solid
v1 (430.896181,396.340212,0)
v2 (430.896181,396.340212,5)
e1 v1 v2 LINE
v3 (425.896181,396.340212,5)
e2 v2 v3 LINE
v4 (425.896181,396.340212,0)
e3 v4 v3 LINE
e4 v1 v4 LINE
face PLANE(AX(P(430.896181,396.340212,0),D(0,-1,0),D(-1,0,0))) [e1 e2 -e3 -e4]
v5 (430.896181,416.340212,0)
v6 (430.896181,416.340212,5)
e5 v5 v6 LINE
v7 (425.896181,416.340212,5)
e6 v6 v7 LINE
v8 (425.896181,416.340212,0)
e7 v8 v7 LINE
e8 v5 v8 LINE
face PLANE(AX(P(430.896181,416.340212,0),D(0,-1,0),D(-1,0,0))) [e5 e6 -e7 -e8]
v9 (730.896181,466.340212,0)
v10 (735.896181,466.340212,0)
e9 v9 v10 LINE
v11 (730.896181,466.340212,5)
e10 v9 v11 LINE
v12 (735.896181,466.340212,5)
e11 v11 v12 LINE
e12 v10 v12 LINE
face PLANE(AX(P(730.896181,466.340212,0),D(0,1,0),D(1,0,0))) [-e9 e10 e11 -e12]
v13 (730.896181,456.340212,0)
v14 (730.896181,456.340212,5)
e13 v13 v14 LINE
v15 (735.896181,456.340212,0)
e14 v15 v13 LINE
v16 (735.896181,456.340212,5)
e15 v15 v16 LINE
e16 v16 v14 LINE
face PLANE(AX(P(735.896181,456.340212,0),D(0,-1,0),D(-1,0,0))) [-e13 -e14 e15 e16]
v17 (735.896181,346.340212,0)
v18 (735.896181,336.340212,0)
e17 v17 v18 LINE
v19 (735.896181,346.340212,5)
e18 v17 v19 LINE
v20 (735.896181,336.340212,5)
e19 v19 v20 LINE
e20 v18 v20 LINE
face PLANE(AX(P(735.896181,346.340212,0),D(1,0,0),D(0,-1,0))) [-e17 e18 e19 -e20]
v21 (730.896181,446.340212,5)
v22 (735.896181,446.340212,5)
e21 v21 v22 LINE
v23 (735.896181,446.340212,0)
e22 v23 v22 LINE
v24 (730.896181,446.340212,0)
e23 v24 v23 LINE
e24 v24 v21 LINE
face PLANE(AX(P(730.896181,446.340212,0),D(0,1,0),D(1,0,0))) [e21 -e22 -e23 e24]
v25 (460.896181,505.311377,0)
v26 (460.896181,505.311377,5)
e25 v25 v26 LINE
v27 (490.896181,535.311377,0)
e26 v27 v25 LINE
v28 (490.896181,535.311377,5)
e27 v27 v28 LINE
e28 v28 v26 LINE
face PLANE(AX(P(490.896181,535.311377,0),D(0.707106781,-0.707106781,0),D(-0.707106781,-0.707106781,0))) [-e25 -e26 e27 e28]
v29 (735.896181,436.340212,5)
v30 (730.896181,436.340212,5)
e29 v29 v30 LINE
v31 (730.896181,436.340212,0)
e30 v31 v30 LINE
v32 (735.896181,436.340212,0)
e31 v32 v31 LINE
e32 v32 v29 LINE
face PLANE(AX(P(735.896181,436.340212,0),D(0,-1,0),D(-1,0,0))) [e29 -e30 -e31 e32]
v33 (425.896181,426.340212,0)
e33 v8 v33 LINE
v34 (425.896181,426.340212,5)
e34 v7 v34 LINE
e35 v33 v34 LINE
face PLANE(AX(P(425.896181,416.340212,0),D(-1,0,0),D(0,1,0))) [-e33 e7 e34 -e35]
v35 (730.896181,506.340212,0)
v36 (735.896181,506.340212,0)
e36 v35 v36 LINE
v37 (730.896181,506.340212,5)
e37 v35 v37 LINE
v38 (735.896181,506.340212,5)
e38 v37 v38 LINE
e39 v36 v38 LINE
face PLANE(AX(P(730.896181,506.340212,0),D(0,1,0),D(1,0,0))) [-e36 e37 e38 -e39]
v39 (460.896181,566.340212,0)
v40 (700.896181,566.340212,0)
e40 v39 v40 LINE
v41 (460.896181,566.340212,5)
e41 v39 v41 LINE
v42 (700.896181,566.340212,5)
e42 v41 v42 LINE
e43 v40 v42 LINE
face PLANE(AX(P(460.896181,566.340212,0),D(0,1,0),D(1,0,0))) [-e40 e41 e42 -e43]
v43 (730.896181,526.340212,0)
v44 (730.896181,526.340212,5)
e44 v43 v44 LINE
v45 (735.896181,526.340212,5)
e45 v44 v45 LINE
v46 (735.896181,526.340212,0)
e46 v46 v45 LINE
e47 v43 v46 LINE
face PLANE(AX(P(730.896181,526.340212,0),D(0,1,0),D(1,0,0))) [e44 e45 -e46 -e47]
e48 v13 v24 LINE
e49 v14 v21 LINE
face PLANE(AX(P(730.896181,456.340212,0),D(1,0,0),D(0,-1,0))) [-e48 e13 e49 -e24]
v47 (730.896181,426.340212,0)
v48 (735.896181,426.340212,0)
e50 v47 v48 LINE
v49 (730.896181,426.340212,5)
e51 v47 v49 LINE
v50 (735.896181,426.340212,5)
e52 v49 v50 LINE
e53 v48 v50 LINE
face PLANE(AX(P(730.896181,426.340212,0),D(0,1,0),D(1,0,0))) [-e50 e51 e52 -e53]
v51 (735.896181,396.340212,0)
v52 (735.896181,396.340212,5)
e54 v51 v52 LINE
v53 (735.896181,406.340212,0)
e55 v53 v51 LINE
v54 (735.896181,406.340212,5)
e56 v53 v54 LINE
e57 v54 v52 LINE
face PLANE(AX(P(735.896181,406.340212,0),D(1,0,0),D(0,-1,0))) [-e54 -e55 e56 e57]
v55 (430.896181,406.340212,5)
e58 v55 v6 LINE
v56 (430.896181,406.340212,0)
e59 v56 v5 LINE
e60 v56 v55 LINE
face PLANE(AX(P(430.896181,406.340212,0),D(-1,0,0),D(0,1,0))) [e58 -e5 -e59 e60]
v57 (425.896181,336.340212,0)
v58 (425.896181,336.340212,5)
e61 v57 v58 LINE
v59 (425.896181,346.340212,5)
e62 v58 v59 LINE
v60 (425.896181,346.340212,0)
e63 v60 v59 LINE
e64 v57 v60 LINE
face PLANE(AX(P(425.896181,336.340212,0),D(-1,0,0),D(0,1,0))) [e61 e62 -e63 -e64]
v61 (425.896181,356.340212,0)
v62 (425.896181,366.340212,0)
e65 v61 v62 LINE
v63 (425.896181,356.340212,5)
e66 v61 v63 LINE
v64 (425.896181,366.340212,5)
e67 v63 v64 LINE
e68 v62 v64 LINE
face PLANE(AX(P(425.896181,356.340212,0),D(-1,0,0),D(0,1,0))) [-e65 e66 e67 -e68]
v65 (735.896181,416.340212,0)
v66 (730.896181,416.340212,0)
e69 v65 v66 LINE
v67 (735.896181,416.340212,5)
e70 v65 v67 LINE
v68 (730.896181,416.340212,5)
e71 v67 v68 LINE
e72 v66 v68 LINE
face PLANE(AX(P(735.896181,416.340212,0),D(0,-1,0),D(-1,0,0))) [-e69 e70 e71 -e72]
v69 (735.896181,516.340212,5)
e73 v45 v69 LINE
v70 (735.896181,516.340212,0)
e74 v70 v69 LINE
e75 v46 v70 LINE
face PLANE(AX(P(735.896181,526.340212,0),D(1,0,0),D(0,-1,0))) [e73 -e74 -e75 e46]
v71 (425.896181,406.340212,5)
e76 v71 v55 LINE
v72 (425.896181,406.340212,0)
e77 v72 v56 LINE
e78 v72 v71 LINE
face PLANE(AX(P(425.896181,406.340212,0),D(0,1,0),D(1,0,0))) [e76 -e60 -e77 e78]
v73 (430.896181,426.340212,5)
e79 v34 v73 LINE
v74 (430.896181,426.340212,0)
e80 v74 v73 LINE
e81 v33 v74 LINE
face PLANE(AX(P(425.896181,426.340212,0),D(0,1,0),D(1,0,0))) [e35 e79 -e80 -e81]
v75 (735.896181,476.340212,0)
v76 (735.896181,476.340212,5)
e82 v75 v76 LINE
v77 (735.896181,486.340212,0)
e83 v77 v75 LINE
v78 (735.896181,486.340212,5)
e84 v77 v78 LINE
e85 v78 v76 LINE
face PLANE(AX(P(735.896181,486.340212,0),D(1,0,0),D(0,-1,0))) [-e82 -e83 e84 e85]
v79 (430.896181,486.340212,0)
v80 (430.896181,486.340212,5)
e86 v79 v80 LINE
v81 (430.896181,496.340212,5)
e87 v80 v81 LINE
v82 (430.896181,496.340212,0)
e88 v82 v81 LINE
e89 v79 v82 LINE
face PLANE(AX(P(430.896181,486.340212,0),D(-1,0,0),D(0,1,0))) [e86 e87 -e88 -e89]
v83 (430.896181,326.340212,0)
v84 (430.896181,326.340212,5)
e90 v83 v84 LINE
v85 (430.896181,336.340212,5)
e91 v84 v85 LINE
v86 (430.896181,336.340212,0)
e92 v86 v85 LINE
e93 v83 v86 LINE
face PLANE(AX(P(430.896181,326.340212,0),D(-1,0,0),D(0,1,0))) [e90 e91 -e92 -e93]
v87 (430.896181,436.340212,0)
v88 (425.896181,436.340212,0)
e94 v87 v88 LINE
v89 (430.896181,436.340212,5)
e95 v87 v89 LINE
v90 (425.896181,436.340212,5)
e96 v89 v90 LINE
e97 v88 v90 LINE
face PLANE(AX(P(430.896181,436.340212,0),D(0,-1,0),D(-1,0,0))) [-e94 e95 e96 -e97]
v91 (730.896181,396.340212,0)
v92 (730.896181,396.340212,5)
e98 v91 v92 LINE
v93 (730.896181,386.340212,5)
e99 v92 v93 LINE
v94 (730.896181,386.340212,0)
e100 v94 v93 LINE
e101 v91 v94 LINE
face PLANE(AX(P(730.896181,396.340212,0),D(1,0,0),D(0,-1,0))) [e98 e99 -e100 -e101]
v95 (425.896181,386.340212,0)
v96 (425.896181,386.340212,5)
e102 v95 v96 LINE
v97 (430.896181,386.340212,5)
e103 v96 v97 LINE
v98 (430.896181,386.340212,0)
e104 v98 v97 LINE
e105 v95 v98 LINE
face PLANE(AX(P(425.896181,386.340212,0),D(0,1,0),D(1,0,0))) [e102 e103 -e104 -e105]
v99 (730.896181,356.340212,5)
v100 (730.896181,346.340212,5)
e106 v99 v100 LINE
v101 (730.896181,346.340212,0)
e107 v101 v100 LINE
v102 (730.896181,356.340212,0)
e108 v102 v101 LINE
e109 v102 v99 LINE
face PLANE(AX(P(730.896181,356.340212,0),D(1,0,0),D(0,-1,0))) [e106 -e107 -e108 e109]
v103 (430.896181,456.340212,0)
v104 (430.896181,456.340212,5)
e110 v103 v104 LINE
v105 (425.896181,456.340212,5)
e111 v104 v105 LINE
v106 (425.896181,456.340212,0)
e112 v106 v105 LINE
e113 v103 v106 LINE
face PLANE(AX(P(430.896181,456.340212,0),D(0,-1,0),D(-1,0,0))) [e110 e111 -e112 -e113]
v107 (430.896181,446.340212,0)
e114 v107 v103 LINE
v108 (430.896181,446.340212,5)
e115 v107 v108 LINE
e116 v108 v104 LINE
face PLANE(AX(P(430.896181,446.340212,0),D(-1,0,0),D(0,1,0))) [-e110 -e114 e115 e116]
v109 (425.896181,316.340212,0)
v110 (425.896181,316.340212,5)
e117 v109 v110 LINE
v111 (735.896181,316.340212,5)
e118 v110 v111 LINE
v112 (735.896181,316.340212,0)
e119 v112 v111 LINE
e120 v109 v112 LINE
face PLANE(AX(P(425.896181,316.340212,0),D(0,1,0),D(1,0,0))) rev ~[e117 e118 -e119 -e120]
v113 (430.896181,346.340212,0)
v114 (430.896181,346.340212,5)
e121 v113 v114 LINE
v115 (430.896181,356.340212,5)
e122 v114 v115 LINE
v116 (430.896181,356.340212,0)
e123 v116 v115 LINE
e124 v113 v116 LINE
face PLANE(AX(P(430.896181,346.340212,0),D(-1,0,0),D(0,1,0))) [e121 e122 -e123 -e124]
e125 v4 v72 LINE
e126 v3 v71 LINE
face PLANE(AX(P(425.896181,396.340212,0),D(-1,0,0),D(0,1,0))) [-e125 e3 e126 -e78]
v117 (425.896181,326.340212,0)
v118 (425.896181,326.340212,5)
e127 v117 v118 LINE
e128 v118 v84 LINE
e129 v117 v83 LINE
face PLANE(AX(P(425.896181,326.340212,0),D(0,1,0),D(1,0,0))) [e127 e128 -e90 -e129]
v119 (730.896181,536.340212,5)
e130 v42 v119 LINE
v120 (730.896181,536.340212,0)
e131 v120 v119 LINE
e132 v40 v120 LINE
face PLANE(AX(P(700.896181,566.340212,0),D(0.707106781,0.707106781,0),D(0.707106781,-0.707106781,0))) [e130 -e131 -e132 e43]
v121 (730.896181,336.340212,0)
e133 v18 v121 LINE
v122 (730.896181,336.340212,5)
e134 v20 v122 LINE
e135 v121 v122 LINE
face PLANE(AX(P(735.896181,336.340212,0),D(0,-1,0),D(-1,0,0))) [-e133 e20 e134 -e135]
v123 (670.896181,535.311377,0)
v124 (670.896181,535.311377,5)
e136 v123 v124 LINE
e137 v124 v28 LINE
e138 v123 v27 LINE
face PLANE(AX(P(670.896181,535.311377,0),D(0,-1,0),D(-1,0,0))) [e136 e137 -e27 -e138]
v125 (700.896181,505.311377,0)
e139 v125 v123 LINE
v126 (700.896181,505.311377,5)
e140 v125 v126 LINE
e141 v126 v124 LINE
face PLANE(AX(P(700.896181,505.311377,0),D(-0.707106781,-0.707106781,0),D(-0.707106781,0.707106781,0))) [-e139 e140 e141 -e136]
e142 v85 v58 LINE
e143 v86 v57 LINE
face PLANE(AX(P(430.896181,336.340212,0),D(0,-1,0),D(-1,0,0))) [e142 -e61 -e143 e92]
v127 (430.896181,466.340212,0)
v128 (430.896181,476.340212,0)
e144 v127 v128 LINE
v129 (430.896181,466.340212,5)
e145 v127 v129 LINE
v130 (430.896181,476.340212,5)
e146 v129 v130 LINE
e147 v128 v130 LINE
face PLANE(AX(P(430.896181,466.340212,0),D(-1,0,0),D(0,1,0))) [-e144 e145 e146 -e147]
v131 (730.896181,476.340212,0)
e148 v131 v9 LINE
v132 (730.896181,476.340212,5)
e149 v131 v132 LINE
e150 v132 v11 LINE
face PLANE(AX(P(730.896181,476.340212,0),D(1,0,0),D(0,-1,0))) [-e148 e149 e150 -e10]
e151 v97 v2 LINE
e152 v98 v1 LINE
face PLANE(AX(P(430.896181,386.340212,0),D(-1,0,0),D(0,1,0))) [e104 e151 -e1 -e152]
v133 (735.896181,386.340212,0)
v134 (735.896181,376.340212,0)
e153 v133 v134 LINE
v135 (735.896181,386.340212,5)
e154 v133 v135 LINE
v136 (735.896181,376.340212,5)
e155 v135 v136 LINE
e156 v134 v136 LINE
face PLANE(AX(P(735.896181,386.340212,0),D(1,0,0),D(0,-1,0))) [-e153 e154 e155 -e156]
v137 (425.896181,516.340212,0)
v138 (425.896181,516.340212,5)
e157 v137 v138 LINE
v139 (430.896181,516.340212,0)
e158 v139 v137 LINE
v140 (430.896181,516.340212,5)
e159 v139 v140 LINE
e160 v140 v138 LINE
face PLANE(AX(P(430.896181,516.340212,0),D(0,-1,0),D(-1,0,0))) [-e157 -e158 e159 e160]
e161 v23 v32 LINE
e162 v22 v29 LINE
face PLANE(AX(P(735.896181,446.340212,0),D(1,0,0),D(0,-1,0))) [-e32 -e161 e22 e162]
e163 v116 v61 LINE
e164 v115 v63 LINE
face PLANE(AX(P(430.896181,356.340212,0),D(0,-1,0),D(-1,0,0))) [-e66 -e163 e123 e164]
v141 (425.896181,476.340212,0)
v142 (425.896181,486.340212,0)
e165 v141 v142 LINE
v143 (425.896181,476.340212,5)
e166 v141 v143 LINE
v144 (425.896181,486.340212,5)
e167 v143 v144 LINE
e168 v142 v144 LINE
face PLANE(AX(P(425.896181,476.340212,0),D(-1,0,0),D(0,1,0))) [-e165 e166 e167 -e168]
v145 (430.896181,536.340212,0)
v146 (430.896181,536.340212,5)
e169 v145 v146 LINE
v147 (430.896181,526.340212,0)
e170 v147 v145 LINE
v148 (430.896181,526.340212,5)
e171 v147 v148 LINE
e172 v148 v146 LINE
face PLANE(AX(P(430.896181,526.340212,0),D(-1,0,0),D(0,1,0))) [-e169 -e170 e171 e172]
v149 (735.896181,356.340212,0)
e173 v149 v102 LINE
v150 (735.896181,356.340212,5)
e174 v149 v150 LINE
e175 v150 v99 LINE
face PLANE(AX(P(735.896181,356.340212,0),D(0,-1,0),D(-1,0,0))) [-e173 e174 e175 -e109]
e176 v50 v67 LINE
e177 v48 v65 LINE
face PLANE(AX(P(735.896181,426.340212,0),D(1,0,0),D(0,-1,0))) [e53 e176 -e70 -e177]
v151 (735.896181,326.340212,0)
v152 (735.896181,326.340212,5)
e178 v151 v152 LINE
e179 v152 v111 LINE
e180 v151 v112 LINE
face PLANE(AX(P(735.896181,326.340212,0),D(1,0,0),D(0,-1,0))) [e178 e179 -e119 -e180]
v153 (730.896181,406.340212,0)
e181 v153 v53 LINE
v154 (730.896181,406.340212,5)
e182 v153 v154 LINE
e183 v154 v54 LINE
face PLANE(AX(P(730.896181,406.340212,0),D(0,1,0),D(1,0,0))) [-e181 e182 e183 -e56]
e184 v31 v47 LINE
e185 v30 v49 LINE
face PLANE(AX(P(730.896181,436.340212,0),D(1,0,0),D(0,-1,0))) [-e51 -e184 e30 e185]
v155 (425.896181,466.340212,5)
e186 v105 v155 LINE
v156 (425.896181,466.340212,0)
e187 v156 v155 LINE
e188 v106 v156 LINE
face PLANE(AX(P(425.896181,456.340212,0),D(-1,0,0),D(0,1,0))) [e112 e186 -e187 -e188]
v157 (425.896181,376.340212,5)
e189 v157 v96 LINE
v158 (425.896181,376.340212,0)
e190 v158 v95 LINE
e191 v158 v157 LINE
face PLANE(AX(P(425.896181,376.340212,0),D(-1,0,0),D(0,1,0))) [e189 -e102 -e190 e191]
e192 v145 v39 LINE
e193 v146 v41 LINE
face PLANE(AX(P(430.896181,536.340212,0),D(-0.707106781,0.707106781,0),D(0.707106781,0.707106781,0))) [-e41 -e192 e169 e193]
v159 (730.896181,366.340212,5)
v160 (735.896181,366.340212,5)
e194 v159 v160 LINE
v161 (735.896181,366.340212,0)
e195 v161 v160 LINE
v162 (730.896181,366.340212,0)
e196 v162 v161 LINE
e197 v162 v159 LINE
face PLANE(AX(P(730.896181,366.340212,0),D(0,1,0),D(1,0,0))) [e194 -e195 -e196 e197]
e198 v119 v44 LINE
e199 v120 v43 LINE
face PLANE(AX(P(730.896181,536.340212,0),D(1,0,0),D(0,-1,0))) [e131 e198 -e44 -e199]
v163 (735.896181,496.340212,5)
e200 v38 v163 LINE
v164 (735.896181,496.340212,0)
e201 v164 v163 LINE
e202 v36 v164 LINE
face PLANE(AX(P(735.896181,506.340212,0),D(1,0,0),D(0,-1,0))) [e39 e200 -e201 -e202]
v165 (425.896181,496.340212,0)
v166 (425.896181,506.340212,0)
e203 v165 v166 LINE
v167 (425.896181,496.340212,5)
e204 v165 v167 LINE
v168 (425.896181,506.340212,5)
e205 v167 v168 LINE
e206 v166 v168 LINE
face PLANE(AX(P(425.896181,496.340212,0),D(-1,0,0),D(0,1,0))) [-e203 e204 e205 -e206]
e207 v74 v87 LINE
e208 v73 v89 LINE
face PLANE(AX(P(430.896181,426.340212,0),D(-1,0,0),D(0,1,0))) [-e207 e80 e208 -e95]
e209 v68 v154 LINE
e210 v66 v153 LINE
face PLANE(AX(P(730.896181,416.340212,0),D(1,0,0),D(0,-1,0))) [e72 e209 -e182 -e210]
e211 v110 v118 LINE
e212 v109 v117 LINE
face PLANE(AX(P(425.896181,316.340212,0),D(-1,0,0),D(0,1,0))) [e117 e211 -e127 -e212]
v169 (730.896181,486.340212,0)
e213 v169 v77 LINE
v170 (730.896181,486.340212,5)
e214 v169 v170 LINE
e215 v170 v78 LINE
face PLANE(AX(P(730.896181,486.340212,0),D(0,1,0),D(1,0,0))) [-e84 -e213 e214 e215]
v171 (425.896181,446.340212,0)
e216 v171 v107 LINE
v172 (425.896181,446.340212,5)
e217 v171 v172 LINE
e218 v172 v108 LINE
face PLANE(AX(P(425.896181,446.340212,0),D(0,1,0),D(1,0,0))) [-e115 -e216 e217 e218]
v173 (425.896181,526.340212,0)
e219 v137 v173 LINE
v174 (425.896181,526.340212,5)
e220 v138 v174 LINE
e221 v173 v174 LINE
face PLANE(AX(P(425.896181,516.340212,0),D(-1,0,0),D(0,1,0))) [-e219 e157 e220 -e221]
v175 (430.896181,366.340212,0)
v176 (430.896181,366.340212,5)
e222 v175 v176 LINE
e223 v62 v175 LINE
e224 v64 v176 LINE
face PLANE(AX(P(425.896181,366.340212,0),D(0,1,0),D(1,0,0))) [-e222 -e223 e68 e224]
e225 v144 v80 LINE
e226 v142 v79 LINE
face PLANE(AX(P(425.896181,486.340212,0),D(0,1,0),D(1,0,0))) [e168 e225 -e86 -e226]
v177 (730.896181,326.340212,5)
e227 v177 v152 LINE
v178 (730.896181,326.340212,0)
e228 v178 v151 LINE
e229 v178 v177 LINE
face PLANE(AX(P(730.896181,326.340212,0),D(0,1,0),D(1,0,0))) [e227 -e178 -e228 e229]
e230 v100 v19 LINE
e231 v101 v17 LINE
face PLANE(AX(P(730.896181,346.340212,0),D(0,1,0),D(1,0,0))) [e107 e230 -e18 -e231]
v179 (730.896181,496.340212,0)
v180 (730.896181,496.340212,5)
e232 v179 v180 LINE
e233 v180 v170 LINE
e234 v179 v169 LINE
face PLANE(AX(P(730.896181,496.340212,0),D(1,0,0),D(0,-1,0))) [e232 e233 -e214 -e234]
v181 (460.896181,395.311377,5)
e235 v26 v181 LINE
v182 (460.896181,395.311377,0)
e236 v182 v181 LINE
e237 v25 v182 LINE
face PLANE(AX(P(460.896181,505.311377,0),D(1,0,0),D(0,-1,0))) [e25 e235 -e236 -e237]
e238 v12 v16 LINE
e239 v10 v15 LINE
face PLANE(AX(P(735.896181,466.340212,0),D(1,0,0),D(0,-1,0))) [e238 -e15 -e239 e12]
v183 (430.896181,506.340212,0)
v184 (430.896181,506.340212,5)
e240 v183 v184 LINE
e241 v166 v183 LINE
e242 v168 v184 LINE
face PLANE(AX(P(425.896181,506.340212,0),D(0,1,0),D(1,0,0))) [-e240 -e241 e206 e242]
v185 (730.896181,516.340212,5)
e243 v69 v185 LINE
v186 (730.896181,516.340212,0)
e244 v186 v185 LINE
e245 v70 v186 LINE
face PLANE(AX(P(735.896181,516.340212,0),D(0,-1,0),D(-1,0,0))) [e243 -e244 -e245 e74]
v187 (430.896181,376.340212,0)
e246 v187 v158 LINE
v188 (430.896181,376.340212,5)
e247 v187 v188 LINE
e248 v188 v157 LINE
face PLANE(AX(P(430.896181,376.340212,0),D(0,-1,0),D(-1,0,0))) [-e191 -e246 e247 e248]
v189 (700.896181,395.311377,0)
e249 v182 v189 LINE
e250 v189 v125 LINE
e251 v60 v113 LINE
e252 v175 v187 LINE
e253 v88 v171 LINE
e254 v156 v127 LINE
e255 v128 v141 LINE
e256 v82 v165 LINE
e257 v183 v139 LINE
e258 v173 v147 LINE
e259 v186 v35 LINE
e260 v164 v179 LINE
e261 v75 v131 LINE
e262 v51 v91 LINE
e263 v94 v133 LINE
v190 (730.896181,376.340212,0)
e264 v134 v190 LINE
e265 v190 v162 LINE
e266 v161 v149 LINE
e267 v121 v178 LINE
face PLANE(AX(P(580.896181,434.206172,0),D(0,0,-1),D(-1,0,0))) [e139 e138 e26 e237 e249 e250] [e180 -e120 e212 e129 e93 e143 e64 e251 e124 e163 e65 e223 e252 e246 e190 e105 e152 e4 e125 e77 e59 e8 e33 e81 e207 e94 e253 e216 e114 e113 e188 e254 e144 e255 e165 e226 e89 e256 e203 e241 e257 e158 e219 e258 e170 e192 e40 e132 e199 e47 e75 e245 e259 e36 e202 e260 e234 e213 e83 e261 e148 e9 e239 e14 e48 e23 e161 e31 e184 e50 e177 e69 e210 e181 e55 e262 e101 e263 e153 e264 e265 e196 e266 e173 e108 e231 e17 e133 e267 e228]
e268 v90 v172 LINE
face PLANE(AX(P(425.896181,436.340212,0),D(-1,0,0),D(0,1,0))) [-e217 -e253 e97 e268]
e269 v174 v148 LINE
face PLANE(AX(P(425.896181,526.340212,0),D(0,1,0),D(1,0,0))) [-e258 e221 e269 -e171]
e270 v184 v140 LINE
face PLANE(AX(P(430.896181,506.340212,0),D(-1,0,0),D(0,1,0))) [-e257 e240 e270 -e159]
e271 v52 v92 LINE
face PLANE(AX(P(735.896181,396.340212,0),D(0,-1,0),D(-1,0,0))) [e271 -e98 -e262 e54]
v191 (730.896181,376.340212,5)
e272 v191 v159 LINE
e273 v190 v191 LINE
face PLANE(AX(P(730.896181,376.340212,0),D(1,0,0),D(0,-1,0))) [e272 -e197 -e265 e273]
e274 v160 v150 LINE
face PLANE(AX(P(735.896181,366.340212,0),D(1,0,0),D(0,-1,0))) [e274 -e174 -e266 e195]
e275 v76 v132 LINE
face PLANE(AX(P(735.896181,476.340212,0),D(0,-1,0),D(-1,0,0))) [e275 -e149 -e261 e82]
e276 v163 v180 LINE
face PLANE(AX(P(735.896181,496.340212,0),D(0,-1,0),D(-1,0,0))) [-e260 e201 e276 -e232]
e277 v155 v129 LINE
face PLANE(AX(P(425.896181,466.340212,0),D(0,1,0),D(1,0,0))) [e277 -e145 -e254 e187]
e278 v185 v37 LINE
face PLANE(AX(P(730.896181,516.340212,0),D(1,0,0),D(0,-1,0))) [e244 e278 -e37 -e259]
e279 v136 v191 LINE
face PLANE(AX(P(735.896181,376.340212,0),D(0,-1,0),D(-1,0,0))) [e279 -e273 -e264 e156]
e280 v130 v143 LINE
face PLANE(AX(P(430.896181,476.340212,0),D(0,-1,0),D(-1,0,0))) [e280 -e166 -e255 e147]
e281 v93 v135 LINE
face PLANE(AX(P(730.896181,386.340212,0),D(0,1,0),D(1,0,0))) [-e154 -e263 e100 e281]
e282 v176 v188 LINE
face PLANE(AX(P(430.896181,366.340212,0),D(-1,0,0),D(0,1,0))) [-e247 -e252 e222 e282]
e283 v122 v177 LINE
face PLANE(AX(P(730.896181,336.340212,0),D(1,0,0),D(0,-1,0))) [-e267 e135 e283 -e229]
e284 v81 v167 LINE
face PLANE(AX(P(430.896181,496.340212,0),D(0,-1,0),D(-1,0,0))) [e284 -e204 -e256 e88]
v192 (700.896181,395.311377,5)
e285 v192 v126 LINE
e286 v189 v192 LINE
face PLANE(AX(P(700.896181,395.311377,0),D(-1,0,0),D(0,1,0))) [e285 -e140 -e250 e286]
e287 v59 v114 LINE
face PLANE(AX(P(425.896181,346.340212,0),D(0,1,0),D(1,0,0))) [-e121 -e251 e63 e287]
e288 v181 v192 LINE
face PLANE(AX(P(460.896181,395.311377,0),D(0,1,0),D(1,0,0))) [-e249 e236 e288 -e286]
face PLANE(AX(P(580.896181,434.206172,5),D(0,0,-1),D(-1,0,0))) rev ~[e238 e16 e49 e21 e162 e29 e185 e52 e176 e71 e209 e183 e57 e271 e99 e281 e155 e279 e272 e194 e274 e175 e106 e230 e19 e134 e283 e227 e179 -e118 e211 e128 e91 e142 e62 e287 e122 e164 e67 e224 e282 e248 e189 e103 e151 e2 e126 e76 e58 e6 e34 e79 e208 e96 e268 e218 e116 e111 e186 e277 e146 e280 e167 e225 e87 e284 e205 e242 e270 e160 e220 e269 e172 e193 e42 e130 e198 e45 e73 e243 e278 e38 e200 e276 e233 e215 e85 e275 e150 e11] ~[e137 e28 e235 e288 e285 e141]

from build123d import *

# Parameters (mm, degrees)
AUFSATZ_LINEAR_AUSTRAGEN1_DEPTH = 5


with BuildPart() as part:
    # Skizze1 → Aufsatz-Linear austragen1 (new body)
    with BuildSketch(Plane.XY):
        Polygon((430.89618142, 326.340211581), (430.89618142, 336.340211581), (425.89618142, 336.340211581), (425.89618142, 346.340211581), (430.89618142, 346.340211581), (430.89618142, 356.340211581), (425.89618142, 356.340211581), (425.89618142, 366.340211581), (430.89618142, 366.340211581), (430.89618142, 376.340211581), (425.89618142, 376.340211581), (425.89618142, 386.340211581), (430.89618142, 386.340211581), (430.89618142, 396.340211581), (425.89618142, 396.340211581), (425.89618142, 406.340211581), (430.89618142, 406.340211581), (430.89618142, 416.340211581), (425.89618142, 416.340211581), (425.89618142, 426.340211581), (430.89618142, 426.340211581), (430.89618142, 436.340211581), (425.89618142, 436.340211581), (425.89618142, 446.340211581), (430.89618142, 446.340211581), (430.89618142, 456.340211581), (425.89618142, 456.340211581), (425.89618142, 466.340211581), (430.89618142, 466.340211581), (430.89618142, 476.340211581), (425.89618142, 476.340211581), (425.89618142, 486.340211581), (430.89618142, 486.340211581), (430.89618142, 496.340211581), (425.89618142, 496.340211581), (425.89618142, 506.340211581), (430.89618142, 506.340211581), (430.89618142, 516.340211581), (425.89618142, 516.340211581), (425.89618142, 526.340211581), (430.89618142, 526.340211581), (430.89618142, 536.340211581), (460.89618142, 566.340211581), (700.89618142, 566.340211581), (730.89618142, 536.340211581), (730.89618142, 526.340211581), (735.89618142, 526.340211581), (735.89618142, 516.340211581), (730.89618142, 516.340211581), (730.89618142, 506.340211581), (735.89618142, 506.340211581), (735.89618142, 496.340211581), (730.89618142, 496.340211581), (730.89618142, 486.340211581), (735.89618142, 486.340211581), (735.89618142, 476.340211581), (730.89618142, 476.340211581), (730.89618142, 466.340211581), (735.89618142, 466.340211581), (735.89618142, 456.340211581), (730.89618142, 456.340211581), (730.89618142, 446.340211581), (735.89618142, 446.340211581), (735.89618142, 436.340211581), (730.89618142, 436.340211581), (730.89618142, 426.340211581), (735.89618142, 426.340211581), (735.89618142, 416.340211581), (730.89618142, 416.340211581), (730.89618142, 406.340211581), (735.89618142, 406.340211581), (735.89618142, 396.340211581), (730.89618142, 396.340211581), (730.89618142, 386.340211581), (735.89618142, 386.340211581), (735.89618142, 376.340211581), (730.89618142, 376.340211581), (730.89618142, 366.340211581), (735.89618142, 366.340211581), (735.89618142, 356.340211581), (730.89618142, 356.340211581), (730.89618142, 346.340211581), (735.89618142, 346.340211581), (735.89618142, 336.340211581), (730.89618142, 336.340211581), (730.89618142, 326.340211581), (735.89618142, 326.340211581), (735.89618142, 316.340211581), (730.89618142, 316.340211581), (430.89618142, 316.340211581), (425.89618142, 316.340211581), (425.89618142, 326.340211581), align=None)
        Polygon((700.89618142, 505.311376979), (670.89618142, 535.311376979), (490.89618142, 535.311376979), (460.89618142, 505.311376979), (460.89618142, 395.311376979), (700.89618142, 395.311376979), align=None, mode=Mode.SUBTRACT)
    extrude(amount=AUFSATZ_LINEAR_AUSTRAGEN1_DEPTH)


solid = part.part
